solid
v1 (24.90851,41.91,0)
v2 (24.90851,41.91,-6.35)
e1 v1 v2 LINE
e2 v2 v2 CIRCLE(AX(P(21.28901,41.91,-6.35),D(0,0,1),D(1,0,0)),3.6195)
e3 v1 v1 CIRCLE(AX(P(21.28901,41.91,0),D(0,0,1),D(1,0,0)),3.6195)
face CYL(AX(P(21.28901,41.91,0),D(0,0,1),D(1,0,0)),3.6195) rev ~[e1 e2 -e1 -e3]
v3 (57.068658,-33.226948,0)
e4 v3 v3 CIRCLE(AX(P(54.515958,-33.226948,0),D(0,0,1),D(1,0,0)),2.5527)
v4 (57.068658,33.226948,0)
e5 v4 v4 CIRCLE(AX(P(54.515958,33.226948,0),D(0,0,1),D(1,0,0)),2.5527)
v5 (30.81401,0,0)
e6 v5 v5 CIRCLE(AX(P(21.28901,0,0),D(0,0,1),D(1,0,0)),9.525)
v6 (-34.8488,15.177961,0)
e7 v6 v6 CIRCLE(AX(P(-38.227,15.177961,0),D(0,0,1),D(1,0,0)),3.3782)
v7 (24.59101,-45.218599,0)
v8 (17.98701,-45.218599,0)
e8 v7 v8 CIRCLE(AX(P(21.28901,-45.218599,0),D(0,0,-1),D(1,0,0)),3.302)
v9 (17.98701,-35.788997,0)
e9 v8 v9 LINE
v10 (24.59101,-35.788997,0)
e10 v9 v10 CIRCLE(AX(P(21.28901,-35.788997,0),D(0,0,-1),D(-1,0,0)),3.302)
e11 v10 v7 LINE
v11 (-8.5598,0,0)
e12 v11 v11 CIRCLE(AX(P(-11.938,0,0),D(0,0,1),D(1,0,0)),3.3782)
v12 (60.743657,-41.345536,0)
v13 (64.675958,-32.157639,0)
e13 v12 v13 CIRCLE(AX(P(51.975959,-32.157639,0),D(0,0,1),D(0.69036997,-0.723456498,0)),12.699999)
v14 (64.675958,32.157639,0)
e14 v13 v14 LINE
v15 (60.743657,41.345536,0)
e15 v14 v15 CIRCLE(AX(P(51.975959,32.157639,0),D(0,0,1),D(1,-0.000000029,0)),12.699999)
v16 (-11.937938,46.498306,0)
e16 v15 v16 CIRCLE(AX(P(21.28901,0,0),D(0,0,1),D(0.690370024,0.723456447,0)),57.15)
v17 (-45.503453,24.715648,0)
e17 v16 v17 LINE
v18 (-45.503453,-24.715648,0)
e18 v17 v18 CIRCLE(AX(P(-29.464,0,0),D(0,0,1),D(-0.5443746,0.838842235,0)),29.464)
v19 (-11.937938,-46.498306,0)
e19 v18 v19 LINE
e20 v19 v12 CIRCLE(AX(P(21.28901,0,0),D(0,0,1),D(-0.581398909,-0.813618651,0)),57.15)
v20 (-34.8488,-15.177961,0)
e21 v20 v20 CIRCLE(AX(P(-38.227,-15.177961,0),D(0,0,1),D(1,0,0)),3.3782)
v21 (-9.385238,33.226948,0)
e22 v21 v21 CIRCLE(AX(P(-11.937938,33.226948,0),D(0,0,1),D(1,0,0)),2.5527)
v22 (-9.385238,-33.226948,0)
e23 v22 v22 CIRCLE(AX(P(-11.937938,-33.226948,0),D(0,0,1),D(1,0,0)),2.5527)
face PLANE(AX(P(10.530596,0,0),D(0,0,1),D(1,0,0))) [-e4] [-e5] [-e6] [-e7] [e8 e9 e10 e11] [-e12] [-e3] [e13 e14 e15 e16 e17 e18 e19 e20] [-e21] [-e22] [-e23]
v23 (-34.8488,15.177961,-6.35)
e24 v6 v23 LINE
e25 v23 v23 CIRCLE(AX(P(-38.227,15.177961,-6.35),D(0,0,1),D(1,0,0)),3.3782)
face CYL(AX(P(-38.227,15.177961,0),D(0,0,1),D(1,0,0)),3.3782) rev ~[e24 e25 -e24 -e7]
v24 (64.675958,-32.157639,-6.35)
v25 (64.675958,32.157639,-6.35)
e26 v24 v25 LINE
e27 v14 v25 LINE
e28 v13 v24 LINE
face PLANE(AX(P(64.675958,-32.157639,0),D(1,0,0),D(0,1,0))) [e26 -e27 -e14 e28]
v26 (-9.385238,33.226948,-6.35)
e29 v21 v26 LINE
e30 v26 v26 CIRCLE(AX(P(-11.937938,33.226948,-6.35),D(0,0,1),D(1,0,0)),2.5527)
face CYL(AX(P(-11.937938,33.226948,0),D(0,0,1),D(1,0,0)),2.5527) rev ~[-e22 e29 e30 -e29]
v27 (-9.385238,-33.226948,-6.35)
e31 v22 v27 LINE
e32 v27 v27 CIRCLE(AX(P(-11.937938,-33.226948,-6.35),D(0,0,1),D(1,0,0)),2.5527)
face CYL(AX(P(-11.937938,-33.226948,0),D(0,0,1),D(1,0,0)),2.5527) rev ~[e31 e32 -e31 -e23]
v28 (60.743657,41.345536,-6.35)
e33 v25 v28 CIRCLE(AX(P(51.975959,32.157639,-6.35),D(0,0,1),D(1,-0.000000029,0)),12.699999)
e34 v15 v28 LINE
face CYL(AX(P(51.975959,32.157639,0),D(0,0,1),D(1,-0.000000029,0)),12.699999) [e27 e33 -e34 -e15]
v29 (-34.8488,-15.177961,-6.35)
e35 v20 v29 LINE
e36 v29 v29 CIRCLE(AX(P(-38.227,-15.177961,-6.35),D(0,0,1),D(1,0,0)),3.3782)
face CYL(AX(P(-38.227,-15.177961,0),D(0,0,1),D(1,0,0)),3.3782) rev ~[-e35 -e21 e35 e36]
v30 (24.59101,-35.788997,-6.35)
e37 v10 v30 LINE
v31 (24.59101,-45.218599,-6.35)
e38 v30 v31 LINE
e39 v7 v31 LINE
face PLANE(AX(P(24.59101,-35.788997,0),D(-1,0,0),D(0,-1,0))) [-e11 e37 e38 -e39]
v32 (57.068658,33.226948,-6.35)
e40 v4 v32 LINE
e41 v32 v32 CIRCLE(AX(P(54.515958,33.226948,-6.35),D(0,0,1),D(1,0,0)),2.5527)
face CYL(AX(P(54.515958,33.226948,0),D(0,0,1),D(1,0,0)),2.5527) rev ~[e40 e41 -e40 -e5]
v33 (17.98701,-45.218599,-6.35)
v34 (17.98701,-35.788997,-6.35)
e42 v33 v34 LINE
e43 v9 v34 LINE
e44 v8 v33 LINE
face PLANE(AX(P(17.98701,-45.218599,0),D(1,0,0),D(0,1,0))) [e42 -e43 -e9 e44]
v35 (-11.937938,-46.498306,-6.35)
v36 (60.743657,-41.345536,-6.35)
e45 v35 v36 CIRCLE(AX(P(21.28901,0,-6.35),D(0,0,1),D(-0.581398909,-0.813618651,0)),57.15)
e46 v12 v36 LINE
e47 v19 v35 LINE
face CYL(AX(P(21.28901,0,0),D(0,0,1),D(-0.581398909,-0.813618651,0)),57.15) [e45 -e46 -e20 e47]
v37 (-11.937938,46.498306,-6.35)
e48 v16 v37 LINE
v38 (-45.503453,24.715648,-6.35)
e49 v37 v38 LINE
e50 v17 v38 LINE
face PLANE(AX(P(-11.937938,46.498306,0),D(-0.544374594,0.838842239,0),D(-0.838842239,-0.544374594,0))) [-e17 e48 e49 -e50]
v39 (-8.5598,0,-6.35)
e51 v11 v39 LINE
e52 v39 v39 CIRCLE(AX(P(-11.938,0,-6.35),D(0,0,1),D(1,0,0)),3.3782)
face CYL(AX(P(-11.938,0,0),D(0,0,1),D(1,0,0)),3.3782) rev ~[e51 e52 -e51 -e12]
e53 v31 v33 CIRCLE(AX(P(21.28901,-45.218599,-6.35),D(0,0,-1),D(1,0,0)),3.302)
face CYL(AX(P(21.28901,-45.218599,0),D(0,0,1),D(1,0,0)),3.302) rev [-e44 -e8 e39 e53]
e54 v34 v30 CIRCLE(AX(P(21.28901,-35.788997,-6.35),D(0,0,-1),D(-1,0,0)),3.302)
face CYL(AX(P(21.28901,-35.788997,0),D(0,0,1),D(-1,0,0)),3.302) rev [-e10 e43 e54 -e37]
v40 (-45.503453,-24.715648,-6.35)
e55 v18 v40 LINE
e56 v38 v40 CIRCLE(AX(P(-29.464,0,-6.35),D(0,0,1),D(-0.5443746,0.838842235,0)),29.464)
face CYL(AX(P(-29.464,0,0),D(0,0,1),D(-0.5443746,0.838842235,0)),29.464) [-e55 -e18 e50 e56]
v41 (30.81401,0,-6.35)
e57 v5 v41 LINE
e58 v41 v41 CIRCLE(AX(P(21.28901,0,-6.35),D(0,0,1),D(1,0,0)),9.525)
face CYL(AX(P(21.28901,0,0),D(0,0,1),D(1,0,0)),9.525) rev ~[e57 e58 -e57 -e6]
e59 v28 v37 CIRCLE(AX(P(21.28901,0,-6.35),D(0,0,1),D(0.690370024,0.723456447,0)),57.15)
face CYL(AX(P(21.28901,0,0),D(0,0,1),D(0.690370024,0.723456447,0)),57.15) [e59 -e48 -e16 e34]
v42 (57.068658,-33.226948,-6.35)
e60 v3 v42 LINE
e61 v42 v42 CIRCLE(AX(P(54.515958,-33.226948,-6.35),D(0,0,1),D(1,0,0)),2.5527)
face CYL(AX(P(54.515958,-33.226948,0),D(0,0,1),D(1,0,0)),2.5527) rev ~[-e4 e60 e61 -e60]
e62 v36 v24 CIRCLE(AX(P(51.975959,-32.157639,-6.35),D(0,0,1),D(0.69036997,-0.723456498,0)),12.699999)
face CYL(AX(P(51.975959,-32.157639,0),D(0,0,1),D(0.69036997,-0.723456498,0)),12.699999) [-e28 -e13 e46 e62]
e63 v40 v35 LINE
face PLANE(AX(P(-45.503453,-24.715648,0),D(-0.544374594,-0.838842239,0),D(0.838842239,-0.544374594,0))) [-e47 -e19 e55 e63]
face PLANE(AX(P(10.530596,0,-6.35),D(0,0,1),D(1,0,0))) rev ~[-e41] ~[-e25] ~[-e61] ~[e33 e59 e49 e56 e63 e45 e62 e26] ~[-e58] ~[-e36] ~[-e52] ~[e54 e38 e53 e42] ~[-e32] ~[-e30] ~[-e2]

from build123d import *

# Parameters (mm, degrees)
F0_R     = 2.5527
F0_R_2   = 3.3782
F0_R_3   = 9.525
F0_R_4   = 3.6195
F1_DEPTH = 6.35


with BuildPart() as f1:
    # F0 (on Top) → F1 (new body)
    with BuildSketch(Plane.XY):
        with BuildLine():
            Line((64.675958, -18.045301), (64.675958, 32.157639))
            ThreePointArc((64.675958, 32.157639), (63.651569, 37.154649), (60.743657, 41.345536))
            ThreePointArc((60.743657, 41.345536), (25.330522, 57.006918), (-11.937938, 46.498306))
            Line((-11.937938, 46.498306), (-45.503453, 24.715648))
            ThreePointArc((-45.503453, 24.715648), (-58.928, 0), (-45.503453, -24.715648))
            Line((-45.503453, -24.715648), (-11.937938, -46.498306))
            ThreePointArc((-11.937938, -46.498306), (25.330522, -57.006918), (60.743657, -41.345536))
            ThreePointArc((60.743657, -41.345536), (63.651569, -37.154649), (64.675958, -32.157639))
            Line((64.675958, -32.157639), (64.675958, -18.045301))
        make_face()
        with Locations((-11.937938, -33.226948)):
            Circle(F0_R, mode=Mode.SUBTRACT)
        with Locations((-38.227, -15.177961)):
            Circle(F0_R_2, mode=Mode.SUBTRACT)
        with BuildLine():
            Line((17.98701, -45.218599), (17.98701, -35.788997))
            ThreePointArc((17.98701, -35.788997), (21.28901, -32.486997), (24.59101, -35.788997))
            Line((24.59101, -35.788997), (24.59101, -45.218599))
            ThreePointArc((24.59101, -45.218599), (21.28901, -48.520599), (17.98701, -45.218599))
        make_face(mode=Mode.SUBTRACT)
        with Locations((54.515958, -33.226948)):
            Circle(F0_R, mode=Mode.SUBTRACT)
        with Locations((-38.227, 15.177961)):
            Circle(F0_R_2, mode=Mode.SUBTRACT)
        with Locations((-11.938, 0)):
            Circle(F0_R_2, mode=Mode.SUBTRACT)
        with Locations((-11.937938, 33.226948)):
            Circle(F0_R, mode=Mode.SUBTRACT)
        with Locations((21.28901, 0)):
            Circle(F0_R_3, mode=Mode.SUBTRACT)
        with Locations((21.28901, 41.91)):
            Circle(F0_R_4, mode=Mode.SUBTRACT)
        with Locations((54.515958, 33.226948)):
            Circle(F0_R, mode=Mode.SUBTRACT)
    extrude(amount=-F1_DEPTH)


solid = f1.part
